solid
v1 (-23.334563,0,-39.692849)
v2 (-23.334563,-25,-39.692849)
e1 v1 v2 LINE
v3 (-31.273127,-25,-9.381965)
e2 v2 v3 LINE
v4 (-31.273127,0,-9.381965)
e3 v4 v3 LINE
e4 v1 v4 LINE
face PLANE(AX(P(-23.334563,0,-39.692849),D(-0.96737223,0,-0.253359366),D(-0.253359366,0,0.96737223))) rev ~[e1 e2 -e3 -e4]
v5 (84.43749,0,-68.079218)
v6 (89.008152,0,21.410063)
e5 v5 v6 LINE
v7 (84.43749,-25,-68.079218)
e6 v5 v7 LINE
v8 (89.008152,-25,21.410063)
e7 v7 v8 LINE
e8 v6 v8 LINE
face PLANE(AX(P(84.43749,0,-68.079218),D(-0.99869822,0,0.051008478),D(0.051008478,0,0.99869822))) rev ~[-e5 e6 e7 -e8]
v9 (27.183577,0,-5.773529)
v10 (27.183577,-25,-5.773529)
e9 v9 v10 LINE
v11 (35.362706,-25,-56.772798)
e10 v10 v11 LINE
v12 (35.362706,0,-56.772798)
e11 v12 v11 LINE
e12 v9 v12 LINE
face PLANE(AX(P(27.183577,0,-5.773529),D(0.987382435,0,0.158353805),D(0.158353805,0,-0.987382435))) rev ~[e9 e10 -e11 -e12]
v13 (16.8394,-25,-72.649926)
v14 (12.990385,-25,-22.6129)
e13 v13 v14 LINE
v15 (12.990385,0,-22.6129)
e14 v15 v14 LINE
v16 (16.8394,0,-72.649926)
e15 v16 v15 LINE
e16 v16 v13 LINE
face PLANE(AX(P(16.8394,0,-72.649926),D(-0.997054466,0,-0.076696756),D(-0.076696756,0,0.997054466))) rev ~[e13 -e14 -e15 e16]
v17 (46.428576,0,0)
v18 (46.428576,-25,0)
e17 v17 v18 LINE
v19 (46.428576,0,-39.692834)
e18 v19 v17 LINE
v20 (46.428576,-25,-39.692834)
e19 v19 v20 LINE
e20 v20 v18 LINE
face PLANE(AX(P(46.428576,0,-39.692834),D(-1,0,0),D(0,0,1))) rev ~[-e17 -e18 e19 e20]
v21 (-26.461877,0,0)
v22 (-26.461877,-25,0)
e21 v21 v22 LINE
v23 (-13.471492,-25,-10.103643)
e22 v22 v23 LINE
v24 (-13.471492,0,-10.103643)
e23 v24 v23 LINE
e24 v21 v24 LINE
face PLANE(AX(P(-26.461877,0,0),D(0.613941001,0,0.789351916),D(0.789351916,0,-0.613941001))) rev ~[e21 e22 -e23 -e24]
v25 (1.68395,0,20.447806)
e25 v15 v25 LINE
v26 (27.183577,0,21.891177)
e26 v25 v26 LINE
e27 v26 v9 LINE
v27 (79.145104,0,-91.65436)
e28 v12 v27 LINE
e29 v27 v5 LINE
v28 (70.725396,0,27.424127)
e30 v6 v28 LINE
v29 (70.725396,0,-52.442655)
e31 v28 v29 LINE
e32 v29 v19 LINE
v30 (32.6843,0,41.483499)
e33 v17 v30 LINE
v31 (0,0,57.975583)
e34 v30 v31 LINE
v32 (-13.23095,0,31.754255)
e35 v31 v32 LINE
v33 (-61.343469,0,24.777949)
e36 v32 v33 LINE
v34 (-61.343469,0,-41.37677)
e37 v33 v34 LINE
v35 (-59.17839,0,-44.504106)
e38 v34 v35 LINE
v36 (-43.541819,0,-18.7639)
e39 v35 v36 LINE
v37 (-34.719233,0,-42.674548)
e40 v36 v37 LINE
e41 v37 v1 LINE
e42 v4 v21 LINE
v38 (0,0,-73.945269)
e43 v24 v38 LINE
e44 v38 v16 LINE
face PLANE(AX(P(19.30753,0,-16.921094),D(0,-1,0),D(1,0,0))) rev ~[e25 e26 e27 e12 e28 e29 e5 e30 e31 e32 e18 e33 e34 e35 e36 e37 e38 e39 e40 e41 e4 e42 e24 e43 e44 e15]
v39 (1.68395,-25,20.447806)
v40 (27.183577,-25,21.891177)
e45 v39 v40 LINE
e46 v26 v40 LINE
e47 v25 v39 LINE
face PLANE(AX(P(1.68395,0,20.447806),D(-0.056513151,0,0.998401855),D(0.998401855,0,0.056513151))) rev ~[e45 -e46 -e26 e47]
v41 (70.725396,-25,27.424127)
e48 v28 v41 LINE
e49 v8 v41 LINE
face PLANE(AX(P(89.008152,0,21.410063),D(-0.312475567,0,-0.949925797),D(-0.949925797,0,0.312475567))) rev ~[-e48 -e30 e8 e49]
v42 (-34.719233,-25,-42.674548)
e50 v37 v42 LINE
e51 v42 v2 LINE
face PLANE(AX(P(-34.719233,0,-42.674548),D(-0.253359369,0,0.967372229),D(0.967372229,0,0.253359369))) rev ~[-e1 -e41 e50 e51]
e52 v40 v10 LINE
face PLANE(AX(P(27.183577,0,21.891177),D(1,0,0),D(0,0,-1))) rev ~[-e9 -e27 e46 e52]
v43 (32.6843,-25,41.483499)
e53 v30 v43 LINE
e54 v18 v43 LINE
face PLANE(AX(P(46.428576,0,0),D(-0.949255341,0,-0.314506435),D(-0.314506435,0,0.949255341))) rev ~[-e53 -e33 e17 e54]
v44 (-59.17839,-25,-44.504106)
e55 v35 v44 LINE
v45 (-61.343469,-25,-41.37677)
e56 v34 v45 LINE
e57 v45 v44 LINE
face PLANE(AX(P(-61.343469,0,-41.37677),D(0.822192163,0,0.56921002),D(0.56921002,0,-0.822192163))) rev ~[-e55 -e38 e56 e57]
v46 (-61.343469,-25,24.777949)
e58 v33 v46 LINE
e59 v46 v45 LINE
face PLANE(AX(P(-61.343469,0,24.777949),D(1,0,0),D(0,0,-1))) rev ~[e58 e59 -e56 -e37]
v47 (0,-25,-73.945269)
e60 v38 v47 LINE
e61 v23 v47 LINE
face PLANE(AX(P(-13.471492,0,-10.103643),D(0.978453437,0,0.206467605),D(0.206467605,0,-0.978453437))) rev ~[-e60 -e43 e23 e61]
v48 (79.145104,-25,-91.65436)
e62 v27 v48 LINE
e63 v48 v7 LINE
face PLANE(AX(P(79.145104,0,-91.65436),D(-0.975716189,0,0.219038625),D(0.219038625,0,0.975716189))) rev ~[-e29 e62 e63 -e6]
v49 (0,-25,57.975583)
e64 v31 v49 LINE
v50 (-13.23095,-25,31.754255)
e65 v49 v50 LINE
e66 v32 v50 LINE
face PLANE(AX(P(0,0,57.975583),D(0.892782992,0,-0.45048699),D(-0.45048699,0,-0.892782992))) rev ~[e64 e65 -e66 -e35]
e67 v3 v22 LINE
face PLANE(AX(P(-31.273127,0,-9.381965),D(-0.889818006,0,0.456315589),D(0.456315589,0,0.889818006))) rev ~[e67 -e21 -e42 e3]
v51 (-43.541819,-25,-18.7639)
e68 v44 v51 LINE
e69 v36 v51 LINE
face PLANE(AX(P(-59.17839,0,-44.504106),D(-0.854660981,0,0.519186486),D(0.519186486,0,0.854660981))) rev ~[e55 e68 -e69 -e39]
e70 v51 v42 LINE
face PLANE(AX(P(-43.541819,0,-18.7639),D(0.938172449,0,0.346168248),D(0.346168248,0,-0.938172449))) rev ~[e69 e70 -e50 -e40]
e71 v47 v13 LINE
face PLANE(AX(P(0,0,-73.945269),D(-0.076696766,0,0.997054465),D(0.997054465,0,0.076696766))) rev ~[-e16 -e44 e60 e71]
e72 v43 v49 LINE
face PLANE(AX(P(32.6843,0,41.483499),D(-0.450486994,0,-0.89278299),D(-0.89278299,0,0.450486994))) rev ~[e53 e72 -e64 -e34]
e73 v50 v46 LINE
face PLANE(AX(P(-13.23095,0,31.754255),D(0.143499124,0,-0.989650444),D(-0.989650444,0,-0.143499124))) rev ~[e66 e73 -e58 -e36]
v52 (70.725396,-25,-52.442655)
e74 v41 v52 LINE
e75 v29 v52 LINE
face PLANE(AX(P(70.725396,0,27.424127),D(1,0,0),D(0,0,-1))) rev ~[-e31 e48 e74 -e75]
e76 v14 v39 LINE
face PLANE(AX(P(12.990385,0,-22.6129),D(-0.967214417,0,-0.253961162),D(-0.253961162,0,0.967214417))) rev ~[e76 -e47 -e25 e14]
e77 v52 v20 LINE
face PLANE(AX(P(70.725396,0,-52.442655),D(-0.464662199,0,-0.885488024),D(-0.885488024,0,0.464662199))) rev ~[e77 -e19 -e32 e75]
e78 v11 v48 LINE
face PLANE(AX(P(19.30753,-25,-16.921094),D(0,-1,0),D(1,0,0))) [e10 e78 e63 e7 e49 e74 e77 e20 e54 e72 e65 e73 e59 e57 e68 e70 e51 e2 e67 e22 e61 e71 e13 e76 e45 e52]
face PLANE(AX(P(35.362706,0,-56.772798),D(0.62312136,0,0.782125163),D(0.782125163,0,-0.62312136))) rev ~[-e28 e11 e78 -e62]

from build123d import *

# Parameters (mm, degrees)
F1_DEPTH = 25


with BuildPart() as f1:
    # F0 (on Front) → F1 (new body)
    with BuildSketch(Plane.XZ):
        Polygon((-61.343469, 24.777949), (-61.343469, -41.37677), (-59.17839, -44.504106), (-43.541819, -18.7639), (-34.719233, -42.674548), (-23.334563, -39.692849), (-31.273127, -9.381965), (-26.461877, 0), (-13.471492, -10.103643), (0, -73.945269), (16.8394, -72.649926), (12.990385, -22.6129), (1.68395, 20.447806), (27.183577, 21.891177), (27.183577, -5.773529), (35.362706, -56.772798), (79.145104, -91.65436), (84.43749, -68.079218), (89.008152, 21.410063), (70.725396, 27.424127), (70.725396, 0), (70.725396, -52.442655), (46.428576, -39.692834), (46.428576, 0), (32.6843, 41.483499), (0, 57.975583), (-13.23095, 31.754255), align=None)
    extrude(amount=F1_DEPTH)


solid = f1.part
